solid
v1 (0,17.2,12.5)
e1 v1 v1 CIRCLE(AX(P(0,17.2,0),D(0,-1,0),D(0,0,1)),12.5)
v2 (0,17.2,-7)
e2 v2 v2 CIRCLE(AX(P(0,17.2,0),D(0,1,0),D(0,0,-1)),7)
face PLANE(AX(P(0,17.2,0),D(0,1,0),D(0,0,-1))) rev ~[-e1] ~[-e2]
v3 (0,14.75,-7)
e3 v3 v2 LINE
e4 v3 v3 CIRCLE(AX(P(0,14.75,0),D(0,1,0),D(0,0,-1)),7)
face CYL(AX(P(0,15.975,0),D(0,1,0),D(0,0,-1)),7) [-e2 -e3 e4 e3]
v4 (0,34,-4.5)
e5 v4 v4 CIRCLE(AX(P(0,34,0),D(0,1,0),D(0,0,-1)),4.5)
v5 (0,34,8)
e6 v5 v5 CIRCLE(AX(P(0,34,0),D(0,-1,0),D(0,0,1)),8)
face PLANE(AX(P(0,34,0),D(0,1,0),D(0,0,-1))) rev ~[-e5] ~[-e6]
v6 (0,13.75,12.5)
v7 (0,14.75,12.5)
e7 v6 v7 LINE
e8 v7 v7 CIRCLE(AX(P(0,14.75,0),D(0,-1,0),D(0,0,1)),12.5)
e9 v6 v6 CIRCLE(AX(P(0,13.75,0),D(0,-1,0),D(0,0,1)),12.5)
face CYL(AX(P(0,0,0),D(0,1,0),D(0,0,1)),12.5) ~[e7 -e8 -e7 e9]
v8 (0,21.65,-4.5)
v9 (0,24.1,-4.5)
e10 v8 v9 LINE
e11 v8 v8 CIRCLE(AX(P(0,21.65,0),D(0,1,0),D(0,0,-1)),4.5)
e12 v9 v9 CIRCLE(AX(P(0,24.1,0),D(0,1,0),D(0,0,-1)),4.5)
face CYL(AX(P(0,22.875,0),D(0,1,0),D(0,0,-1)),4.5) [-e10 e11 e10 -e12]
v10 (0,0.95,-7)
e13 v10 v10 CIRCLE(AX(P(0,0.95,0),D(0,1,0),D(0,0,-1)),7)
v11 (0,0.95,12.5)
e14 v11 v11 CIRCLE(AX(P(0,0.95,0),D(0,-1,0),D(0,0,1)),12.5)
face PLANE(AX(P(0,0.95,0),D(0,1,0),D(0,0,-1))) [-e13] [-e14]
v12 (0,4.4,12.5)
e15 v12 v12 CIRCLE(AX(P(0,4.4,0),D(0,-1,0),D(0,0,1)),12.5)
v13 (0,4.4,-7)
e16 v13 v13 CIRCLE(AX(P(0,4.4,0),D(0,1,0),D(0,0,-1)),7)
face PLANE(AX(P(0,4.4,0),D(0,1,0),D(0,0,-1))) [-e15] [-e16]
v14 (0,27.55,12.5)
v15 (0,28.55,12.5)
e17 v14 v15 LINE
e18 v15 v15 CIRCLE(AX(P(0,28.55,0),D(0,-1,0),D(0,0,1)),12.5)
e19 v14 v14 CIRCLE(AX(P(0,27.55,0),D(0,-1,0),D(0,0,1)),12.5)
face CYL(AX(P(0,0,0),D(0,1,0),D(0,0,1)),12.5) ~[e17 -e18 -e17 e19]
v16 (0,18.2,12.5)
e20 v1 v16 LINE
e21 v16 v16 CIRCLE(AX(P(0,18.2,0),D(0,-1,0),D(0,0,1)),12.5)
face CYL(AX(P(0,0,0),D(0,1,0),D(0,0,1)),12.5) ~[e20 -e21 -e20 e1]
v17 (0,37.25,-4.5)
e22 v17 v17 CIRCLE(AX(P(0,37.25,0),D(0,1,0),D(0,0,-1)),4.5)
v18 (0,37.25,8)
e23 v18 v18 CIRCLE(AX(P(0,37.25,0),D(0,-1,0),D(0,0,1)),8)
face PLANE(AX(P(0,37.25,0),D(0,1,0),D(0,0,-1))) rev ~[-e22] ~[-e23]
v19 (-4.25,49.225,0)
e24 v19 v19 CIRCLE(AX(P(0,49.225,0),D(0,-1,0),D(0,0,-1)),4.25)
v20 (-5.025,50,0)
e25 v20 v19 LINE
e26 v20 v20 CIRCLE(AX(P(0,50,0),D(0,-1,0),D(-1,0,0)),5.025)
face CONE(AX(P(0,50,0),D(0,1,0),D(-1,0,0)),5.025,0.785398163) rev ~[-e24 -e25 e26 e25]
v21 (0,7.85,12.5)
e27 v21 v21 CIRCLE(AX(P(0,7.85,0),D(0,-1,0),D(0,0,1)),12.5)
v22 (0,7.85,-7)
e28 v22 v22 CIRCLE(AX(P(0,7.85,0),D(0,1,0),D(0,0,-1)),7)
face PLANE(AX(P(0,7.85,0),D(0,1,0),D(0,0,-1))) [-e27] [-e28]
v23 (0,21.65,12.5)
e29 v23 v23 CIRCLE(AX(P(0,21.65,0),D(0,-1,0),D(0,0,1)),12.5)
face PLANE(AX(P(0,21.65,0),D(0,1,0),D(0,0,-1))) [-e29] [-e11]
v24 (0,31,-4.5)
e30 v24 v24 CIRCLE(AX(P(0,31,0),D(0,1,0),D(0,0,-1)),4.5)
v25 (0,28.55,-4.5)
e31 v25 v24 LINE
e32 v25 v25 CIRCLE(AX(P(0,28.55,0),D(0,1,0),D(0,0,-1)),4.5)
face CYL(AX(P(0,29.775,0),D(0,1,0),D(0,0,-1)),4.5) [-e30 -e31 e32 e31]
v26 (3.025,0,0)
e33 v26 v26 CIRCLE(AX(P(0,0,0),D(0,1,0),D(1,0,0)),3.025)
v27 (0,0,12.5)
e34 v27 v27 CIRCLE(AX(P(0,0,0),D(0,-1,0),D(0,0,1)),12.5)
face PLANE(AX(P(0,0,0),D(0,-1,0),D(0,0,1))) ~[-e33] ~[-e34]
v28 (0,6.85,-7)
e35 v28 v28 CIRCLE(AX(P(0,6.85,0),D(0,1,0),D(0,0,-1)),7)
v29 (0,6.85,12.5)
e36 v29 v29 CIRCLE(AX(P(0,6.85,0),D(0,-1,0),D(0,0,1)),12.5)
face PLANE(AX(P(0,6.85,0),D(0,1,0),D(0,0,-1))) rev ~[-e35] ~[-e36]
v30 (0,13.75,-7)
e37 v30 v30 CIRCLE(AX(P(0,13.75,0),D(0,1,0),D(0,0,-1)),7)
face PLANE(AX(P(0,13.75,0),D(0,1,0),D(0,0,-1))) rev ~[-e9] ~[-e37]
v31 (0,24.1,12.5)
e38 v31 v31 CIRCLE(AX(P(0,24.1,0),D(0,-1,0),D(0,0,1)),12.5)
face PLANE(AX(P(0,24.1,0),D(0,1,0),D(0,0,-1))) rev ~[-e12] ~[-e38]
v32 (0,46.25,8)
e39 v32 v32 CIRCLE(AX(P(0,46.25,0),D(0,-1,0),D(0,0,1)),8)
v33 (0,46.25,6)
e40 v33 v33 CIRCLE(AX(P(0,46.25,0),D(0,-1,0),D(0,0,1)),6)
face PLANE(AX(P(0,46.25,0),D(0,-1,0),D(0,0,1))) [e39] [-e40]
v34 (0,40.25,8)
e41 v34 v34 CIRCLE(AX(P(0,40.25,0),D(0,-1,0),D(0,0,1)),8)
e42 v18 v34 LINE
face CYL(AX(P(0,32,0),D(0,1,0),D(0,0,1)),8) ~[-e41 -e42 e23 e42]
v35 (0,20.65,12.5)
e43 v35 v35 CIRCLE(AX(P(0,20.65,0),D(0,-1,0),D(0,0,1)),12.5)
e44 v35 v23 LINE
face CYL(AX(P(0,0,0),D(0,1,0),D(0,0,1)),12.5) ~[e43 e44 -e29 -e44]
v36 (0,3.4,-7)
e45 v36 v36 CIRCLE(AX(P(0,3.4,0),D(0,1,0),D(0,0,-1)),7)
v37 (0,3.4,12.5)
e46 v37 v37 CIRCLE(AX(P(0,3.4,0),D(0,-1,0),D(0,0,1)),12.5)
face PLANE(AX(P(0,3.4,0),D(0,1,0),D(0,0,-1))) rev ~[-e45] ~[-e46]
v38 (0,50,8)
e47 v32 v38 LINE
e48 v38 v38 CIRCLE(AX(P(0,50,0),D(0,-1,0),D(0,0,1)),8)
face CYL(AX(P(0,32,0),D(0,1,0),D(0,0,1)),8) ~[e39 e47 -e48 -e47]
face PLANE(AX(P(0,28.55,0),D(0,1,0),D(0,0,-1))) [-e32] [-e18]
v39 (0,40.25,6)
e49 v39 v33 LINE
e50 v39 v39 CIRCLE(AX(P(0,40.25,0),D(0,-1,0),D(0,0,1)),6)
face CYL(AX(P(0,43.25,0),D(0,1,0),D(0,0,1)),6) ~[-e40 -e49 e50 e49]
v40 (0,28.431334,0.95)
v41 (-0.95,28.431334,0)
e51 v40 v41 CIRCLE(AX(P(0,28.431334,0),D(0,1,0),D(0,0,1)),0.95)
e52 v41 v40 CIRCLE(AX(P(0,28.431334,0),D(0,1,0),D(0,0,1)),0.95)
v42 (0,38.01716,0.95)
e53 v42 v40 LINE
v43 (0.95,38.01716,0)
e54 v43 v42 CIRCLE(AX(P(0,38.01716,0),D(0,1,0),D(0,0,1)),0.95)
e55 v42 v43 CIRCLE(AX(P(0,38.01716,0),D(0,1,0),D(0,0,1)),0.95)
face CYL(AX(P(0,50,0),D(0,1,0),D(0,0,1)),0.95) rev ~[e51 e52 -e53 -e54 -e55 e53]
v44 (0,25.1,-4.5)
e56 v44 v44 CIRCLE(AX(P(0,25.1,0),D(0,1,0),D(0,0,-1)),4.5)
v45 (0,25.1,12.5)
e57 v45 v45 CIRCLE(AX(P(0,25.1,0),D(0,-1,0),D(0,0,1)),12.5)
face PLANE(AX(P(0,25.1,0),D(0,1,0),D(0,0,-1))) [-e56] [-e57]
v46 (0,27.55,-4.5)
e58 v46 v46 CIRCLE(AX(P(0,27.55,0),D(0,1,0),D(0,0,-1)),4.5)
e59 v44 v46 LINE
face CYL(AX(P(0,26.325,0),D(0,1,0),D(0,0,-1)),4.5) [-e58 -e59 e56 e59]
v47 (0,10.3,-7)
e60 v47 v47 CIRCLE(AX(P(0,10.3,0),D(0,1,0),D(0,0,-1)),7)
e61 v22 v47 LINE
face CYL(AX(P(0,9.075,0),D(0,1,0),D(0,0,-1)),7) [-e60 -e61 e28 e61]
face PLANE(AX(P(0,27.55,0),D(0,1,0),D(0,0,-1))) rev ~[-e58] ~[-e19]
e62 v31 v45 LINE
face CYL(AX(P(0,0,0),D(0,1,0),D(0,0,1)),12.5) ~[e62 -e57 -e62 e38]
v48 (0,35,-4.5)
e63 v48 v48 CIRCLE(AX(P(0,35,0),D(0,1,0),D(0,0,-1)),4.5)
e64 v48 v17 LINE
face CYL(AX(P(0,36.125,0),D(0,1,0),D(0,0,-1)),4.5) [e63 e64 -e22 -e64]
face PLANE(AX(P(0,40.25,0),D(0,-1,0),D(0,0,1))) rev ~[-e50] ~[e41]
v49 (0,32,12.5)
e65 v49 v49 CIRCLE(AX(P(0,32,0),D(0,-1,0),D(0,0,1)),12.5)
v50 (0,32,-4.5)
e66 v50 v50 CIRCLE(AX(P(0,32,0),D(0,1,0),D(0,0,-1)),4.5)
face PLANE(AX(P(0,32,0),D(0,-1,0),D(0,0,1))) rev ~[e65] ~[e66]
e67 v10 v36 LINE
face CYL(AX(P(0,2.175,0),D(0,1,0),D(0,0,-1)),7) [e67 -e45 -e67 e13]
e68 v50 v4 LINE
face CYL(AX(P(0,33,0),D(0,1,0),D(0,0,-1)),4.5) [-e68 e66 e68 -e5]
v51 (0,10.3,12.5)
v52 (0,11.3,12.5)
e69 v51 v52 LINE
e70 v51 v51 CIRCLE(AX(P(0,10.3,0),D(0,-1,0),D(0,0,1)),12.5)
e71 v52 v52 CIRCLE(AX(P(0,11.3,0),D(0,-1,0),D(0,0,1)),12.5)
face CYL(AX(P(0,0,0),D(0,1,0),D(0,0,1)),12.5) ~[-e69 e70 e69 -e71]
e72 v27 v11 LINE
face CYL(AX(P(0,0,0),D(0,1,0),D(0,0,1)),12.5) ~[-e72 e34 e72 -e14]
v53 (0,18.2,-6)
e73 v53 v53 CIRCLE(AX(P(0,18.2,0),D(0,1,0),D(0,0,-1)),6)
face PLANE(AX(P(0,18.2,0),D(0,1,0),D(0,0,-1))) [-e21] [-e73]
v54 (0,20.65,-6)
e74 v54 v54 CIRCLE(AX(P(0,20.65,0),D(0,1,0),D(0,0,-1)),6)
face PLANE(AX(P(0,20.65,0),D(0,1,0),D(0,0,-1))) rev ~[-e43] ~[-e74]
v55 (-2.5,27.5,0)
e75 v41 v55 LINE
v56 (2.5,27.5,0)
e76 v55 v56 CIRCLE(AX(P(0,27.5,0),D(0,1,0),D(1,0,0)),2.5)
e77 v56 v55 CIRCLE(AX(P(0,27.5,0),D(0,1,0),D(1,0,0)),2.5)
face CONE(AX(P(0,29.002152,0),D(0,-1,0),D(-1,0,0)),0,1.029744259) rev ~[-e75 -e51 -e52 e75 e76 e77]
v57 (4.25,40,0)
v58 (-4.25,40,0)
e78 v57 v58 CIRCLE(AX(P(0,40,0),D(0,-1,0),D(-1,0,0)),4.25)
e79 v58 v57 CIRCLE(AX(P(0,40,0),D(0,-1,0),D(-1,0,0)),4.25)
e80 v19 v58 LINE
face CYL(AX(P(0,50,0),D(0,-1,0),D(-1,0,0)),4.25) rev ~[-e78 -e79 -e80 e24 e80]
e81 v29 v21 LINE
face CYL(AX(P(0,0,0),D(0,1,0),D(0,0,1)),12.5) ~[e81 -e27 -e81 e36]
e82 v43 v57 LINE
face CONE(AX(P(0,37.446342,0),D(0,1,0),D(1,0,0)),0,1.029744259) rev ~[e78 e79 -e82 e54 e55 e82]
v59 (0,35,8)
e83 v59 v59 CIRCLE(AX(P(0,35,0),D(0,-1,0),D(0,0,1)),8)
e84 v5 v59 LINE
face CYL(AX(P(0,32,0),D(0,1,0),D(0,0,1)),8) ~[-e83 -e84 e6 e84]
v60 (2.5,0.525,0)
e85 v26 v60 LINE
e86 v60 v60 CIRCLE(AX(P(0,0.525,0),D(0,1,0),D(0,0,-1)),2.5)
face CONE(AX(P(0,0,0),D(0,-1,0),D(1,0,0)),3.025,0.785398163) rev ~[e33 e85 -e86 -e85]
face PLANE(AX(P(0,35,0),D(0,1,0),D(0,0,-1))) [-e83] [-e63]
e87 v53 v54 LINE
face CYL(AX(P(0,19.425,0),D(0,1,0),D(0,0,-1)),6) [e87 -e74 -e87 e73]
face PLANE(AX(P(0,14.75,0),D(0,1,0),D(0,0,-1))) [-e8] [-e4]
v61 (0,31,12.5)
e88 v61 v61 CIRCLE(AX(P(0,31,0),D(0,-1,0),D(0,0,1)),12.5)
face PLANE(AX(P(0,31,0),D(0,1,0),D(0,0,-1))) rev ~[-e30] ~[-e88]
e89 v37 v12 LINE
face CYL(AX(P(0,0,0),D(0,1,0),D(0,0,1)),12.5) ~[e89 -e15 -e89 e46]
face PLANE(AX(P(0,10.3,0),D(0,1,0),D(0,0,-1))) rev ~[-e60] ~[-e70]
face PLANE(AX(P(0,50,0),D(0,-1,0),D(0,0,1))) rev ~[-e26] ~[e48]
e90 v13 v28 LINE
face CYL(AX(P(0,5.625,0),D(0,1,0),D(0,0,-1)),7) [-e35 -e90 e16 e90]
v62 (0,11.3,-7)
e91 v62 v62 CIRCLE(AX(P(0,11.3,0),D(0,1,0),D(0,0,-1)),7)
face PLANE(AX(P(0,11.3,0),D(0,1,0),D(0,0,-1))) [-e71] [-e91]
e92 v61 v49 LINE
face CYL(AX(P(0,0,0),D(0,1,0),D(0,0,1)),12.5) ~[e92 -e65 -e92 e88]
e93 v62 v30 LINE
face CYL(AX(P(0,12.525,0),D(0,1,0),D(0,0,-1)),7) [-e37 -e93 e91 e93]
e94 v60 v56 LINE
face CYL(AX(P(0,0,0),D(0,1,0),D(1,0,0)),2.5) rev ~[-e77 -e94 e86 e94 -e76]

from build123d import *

# Parameters (mm, degrees)
SZKIC2_W                          = 2
SZKIC2_H                          = 6
SZKIC3_W                          = 3.5
SZKIC3_H                          = 2.25
SZKIC3_H_2                        = 2
SZKIC4_W                          = 8
SZKIC4_H                          = 2.45
SZKIC5_W                          = 6.5
SZKIC5_H                          = 2.45
SZKIC6_W                          = 5.5
SZKIC6_H                          = 2.45
OTW_R_GWINTOWANY_M61_D            = 5
OTW_R_GWINTOWANY_M61_DEPTH        = 27.5
OTW_R_GWINTOWANY_M61_CSINK_D      = 6.05
OTW_R_GWINTOWANY_M61_CSINK_ANGLE  = 90
OTW_R_GWINTOWANY_M61_TIP          = 1.502151548
OTW_R_GWINTOWANY_M102_D           = 8.5
OTW_R_GWINTOWANY_M102_DEPTH       = 10
OTW_R_GWINTOWANY_M102_CSINK_D     = 10.05
OTW_R_GWINTOWANY_M102_CSINK_ANGLE = 90
OTW_R_GWINTOWANY_M102_TIP         = 2.553657631
WYTNIJ_WYCI_GNI_CIE1_REACH        = 55.033
SZKIC14_R                         = 0.95


with BuildPart() as part:
    # Szkic1 → Obrót1 (revolve)
    with BuildSketch(Plane.XY, mode=Mode.PRIVATE) as obr_t1_sk:
        Polygon((0, 0), (-12.5, 0), (-12.5, 32), (-8, 32), (-8, 50), (0, 50), align=None)
    revolve(obr_t1_sk.sketch.rotate(Axis((0, 50, 0), (0, -1, 0)), 270), axis=Axis((0, 50, 0), (0, -1, 0)))

    # Szkic2 → Wycięcie-obrót1 (revolve, cut)
    with BuildSketch(Plane.XY, mode=Mode.PRIVATE) as wyci_cie_obr_t1_sk:
        with Locations((-7, 43.25)):
            Rectangle(SZKIC2_W, SZKIC2_H)
    revolve(wyci_cie_obr_t1_sk.sketch.rotate(Axis((0, 46.25, 0), (0, -1, 0)), 270), axis=Axis((0, 46.25, 0), (0, -1, 0)), mode=Mode.SUBTRACT)

    # Szkic3 → Wycięcie-obrót2 (revolve, cut)
    with BuildSketch(Plane.XY, mode=Mode.PRIVATE) as wyci_cie_obr_t2_sk:
        with Locations((-6.25, 36.125)):
            Rectangle(SZKIC3_W, SZKIC3_H)
        with Locations((-6.25, 33)):
            Rectangle(SZKIC3_W, SZKIC3_H_2)
    revolve(wyci_cie_obr_t2_sk.sketch.rotate(Axis((0, 32, 0), (0, 1, 0)), 270), axis=Axis((0, 32, 0), (0, 1, 0)), mode=Mode.SUBTRACT)

    # Szkic4 → Wycięcie-obrót3 (revolve, cut)
    with BuildSketch(Plane.XY, mode=Mode.PRIVATE) as wyci_cie_obr_t3_sk:
        with Locations((-8.5, 29.775)):
            Rectangle(SZKIC4_W, SZKIC4_H)
        with Locations((-8.5, 26.325)):
            Rectangle(SZKIC4_W, SZKIC4_H)
        with Locations((-8.5, 22.875)):
            Rectangle(SZKIC4_W, SZKIC4_H)
    revolve(wyci_cie_obr_t3_sk.sketch.rotate(Axis((0, 0, 0), (0, 1, 0)), 270), axis=Axis((0, 0, 0), (0, 1, 0)), mode=Mode.SUBTRACT)

    # Szkic5 → Wycięcie-obrót4 (revolve, cut)
    with BuildSketch(Plane.XY, mode=Mode.PRIVATE) as wyci_cie_obr_t4_sk:
        with Locations((-9.25, 19.425)):
            Rectangle(SZKIC5_W, SZKIC5_H)
    revolve(wyci_cie_obr_t4_sk.sketch.rotate(Axis((0, 50, 0), (0, 1, 0)), 270), axis=Axis((0, 50, 0), (0, 1, 0)), mode=Mode.SUBTRACT)

    # Szkic6 → Wycięcie-obrót5 (revolve, cut)
    with BuildSketch(Plane.XY, mode=Mode.PRIVATE) as wyci_cie_obr_t5_sk:
        with Locations((-9.75, 15.975)):
            Rectangle(SZKIC6_W, SZKIC6_H)
        with Locations((-9.75, 12.525)):
            Rectangle(SZKIC6_W, SZKIC6_H)
        with Locations((-9.75, 9.075)):
            Rectangle(SZKIC6_W, SZKIC6_H)
        with Locations((-9.75, 5.625)):
            Rectangle(SZKIC6_W, SZKIC6_H)
        with Locations((-9.75, 2.175)):
            Rectangle(SZKIC6_W, SZKIC6_H)
    revolve(wyci_cie_obr_t5_sk.sketch.rotate(Axis((0, 50, 0), (0, 1, 0)), 270), axis=Axis((0, 50, 0), (0, 1, 0)), mode=Mode.SUBTRACT)

    # Otwór gwintowany M61
    with Locations(Plane(origin=(0, 0, 0), x_dir=(-1, 0, 0), z_dir=(0, -1, 0))):
        with Locations((0, 0)):
            CounterSinkHole(OTW_R_GWINTOWANY_M61_D / 2, OTW_R_GWINTOWANY_M61_CSINK_D / 2, depth=OTW_R_GWINTOWANY_M61_DEPTH, counter_sink_angle=OTW_R_GWINTOWANY_M61_CSINK_ANGLE)
            with Locations((0, 0, -(OTW_R_GWINTOWANY_M61_DEPTH + OTW_R_GWINTOWANY_M61_TIP / 2))):  # 118° drill point
                Cone(0, OTW_R_GWINTOWANY_M61_D / 2, OTW_R_GWINTOWANY_M61_TIP, mode=Mode.SUBTRACT)

    # Otwór gwintowany M102
    with Locations(Plane(origin=(0, 50, 0), x_dir=(1, 0, 0), z_dir=(0, 1, 0))):
        with Locations((0, 0)):
            CounterSinkHole(OTW_R_GWINTOWANY_M102_D / 2, OTW_R_GWINTOWANY_M102_CSINK_D / 2, depth=OTW_R_GWINTOWANY_M102_DEPTH, counter_sink_angle=OTW_R_GWINTOWANY_M102_CSINK_ANGLE)
            with Locations((0, 0, -(OTW_R_GWINTOWANY_M102_DEPTH + OTW_R_GWINTOWANY_M102_TIP / 2))):  # 118° drill point
                Cone(0, OTW_R_GWINTOWANY_M102_D / 2, OTW_R_GWINTOWANY_M102_TIP, mode=Mode.SUBTRACT)

    # Wytnij-wyciągnięcie1: up to this cone (the profile starts outside it)
    wytnij_wyci_gni_cie1_end = Plane(origin=(0, 50, 0), z_dir=(0, -1, 0)).offset(20.997849452) * Cone(1.664e-06, 57.47614414, 34.535150548, align=(Align.CENTER, Align.CENTER, Align.MIN), mode=Mode.PRIVATE)
    # Szkic14 → Wytnij-wyciągnięcie1 (cut, up to the surface)
    with BuildSketch(Plane(origin=(0, 50, 0), x_dir=(1, 0, 0), z_dir=(0, 1, 0)), mode=Mode.PRIVATE) as wytnij_wyci_gni_cie1_sk1:
        with Locations(Location((0, 0, 0), (0, 0, 270))):
            Circle(SZKIC14_R)
    wytnij_wyci_gni_cie1_tool1 = extrude(wytnij_wyci_gni_cie1_sk1.sketch, amount=-WYTNIJ_WYCI_GNI_CIE1_REACH, mode=Mode.PRIVATE) - wytnij_wyci_gni_cie1_end
    add(wytnij_wyci_gni_cie1_tool1.solids().sort_by_distance((0, 50, 0))[0], mode=Mode.SUBTRACT)


solid = part.part
